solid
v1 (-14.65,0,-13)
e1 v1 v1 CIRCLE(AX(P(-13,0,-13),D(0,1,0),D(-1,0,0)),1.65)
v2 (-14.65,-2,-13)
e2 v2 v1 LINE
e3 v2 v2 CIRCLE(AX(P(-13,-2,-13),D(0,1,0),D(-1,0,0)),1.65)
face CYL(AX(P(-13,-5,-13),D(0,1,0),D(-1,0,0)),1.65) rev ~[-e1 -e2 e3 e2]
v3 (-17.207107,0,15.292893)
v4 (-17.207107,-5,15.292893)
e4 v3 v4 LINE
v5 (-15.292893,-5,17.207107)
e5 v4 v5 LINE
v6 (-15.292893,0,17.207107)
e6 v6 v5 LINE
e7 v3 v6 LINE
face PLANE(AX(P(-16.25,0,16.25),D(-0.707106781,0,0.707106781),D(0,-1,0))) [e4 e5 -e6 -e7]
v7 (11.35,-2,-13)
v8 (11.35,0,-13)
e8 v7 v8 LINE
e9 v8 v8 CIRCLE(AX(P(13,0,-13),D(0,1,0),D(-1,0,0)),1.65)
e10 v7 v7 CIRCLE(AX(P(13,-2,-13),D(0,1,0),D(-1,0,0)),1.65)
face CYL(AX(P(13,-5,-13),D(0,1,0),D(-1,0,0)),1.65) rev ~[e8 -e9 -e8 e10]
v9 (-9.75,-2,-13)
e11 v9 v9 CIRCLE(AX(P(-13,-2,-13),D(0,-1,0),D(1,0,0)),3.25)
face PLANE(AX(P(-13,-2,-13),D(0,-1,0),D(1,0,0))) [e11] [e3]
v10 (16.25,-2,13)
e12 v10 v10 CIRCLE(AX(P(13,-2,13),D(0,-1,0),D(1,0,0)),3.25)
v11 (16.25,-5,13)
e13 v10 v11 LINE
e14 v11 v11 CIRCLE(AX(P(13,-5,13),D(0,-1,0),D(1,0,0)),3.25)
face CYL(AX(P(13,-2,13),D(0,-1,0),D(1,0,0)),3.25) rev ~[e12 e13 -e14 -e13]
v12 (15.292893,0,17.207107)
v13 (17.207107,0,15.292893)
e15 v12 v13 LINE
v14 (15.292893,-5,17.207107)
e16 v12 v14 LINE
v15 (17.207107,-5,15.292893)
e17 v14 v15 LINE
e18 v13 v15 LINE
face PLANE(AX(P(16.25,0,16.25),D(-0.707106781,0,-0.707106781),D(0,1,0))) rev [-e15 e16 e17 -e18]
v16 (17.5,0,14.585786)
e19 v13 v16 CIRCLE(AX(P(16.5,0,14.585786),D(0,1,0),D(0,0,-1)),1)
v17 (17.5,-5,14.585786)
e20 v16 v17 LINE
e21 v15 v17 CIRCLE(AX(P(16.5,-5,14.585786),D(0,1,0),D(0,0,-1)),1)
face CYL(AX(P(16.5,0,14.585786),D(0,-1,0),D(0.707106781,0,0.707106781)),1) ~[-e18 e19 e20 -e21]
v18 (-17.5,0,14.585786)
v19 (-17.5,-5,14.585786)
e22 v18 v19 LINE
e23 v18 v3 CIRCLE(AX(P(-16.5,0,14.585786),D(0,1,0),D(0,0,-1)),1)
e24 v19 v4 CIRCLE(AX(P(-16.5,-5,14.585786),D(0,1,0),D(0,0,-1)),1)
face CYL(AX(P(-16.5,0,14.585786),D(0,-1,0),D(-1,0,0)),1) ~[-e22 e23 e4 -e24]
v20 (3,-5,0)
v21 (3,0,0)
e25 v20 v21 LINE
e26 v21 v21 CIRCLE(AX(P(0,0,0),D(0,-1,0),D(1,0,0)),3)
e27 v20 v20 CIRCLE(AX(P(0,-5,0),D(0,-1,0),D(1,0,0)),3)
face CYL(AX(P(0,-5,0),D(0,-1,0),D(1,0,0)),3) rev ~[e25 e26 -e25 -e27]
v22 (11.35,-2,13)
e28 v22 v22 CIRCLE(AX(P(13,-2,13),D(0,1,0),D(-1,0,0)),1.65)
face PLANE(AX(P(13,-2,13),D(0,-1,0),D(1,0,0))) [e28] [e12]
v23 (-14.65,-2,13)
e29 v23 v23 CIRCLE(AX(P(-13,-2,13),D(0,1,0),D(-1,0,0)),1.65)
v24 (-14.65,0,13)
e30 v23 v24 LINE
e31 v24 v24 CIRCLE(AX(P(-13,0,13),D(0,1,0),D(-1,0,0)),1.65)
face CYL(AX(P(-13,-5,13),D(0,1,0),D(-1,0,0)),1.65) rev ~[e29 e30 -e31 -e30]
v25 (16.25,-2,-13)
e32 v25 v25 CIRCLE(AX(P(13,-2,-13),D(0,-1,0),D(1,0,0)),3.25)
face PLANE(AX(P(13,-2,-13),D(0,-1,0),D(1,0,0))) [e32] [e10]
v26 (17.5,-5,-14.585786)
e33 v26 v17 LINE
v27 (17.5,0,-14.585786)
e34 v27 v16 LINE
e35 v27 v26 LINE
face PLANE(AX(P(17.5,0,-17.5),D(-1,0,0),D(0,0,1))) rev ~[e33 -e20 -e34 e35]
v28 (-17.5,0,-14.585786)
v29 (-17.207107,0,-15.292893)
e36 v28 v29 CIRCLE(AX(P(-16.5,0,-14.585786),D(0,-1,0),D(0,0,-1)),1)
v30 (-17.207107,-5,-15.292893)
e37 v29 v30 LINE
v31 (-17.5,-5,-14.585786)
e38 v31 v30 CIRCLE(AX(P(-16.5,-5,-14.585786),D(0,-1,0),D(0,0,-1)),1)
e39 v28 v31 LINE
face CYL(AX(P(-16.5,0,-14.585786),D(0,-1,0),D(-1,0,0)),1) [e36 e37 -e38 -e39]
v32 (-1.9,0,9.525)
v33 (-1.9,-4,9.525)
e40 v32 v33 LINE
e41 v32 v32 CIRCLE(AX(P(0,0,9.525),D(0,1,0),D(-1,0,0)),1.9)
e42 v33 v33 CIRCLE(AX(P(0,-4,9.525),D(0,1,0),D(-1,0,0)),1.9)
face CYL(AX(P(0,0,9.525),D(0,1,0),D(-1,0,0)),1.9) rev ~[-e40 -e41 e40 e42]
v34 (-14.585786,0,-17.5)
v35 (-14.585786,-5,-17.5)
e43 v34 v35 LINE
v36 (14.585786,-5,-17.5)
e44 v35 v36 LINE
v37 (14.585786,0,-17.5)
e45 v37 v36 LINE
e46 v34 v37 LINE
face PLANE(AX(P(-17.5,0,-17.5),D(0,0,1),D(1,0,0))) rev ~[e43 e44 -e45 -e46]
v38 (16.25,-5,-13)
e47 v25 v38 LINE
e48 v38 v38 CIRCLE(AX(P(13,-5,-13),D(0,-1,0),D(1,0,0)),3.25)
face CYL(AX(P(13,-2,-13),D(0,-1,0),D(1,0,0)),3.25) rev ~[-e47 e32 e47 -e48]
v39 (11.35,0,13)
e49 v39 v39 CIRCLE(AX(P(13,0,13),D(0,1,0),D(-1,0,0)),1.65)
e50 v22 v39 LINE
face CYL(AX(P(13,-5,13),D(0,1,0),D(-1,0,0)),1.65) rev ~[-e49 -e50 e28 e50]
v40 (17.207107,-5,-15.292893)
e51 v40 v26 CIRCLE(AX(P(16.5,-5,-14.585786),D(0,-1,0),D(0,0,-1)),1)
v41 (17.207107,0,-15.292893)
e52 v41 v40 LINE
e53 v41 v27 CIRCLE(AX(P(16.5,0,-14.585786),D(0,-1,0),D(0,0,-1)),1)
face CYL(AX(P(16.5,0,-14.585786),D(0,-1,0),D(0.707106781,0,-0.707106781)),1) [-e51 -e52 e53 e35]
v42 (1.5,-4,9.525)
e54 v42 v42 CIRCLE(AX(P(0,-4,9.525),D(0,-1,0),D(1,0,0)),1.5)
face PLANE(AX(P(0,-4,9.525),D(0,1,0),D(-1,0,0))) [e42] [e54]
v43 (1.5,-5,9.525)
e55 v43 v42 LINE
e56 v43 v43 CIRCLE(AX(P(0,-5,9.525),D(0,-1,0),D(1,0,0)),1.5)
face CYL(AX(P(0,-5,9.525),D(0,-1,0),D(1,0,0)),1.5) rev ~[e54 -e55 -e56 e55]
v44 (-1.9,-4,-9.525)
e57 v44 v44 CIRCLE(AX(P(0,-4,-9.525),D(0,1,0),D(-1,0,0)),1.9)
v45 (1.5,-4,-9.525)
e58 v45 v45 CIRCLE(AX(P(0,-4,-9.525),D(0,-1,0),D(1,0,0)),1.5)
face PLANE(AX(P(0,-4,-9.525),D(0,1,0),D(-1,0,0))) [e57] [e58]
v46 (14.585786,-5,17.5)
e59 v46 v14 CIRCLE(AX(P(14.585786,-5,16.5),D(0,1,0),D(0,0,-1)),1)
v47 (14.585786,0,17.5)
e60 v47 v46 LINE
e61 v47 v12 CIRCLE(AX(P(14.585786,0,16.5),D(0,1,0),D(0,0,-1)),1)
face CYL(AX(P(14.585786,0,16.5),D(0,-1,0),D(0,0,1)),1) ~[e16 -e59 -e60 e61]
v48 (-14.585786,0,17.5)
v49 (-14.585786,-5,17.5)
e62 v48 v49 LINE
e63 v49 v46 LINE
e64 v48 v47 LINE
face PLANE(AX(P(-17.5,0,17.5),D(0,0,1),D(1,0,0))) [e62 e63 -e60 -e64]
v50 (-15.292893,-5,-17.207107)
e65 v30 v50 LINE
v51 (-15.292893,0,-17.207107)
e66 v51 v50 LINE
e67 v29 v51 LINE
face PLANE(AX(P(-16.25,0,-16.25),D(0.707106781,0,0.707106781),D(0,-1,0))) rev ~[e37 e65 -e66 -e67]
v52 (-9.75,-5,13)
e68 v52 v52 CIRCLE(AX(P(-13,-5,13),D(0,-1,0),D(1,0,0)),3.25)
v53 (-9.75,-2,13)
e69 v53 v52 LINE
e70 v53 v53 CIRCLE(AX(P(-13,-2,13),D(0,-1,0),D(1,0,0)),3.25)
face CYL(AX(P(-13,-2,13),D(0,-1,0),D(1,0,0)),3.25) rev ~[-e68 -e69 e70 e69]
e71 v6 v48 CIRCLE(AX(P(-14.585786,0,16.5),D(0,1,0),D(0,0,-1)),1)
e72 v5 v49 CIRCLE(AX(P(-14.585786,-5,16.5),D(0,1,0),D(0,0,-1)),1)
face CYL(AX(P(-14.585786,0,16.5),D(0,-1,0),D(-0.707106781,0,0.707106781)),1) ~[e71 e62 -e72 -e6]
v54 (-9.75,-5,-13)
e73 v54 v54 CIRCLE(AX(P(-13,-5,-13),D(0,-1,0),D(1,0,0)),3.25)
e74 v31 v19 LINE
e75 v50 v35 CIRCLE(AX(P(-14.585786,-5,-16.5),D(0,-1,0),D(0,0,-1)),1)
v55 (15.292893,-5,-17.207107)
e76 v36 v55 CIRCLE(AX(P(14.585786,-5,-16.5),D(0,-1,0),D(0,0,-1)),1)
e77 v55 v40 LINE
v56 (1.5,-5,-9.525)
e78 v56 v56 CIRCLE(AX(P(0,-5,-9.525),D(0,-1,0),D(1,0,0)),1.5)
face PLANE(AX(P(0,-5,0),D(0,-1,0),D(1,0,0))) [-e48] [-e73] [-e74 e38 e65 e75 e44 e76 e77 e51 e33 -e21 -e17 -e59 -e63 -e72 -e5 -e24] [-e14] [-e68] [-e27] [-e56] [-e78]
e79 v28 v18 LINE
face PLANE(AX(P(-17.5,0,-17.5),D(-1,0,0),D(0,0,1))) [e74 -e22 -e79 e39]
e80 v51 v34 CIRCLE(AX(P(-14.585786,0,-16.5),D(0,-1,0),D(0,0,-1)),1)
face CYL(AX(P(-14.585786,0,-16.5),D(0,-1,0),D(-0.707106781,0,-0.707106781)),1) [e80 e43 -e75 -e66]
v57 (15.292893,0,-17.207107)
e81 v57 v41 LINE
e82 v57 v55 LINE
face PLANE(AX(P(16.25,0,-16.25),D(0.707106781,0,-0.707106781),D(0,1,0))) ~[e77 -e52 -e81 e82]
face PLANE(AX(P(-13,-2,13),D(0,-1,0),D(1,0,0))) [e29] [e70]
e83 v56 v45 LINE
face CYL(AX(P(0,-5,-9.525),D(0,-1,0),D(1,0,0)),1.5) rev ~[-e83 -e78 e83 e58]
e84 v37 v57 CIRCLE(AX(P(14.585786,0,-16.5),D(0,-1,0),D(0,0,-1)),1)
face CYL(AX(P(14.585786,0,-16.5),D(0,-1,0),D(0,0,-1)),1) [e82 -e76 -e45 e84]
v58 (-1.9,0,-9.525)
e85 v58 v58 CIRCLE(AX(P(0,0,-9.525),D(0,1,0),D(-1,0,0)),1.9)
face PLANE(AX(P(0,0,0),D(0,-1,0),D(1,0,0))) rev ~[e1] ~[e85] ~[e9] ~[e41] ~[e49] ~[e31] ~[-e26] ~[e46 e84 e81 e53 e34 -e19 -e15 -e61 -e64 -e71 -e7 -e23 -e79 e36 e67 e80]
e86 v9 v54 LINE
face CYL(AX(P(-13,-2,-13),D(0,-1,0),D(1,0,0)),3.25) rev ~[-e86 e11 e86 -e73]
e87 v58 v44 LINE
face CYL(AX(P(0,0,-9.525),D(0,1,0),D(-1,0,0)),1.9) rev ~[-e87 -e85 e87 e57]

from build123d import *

# Parameters (mm, degrees)
F0_W           = 35
F0_H           = 35
F1_DEPTH       = 5
F2_R           = 3
F3_DEPTH       = 5.001
F5_D           = 3.3
F5_CBORE_D     = 6.5
F5_CBORE_DEPTH = 3
F6_SIZE        = 2.5
F7_R           = 1
F8_R           = 1.5
F9_DEPTH       = 5.001
F10_R          = 1.9
F11_DEPTH      = 4


with BuildPart() as f1:
    # F0 (on Front) → F1 (new body)
    with BuildSketch(Plane.XZ):
        Rectangle(F0_W, F0_H)
    extrude(amount=F1_DEPTH)

    # F2 (on face) → F3 (cut, through all)
    with BuildSketch(Plane.XZ.offset(5)):
        Circle(F2_R)
    extrude(amount=-F3_DEPTH, mode=Mode.SUBTRACT)

    # F5 (through all)
    with Locations(Plane.XZ.offset(5)):
        with Locations((-13, 13), (13, 13), (13, -13), (-13, -13)):
            CounterBoreHole(F5_D / 2, F5_CBORE_D / 2, F5_CBORE_DEPTH)

    # F6
    f6_edges = [f1.edges().sort_by_distance(p)[0] for p in [
        (17.5, -2.5, 17.5),
        (-17.5, -2.5, 17.5),
        (17.5, -2.5, -17.5),
        (-17.5, -2.5, -17.5),
    ]]
    chamfer(f6_edges, length=F6_SIZE)

    # F7
    f7_edges = [f1.edges().sort_by_distance(p)[0] for p in [
        (15, -2.5, 17.5),
        (17.5, -2.5, 15),
        (17.5, -2.5, -15),
        (15, -2.5, -17.5),
        (-15, -2.5, -17.5),
        (-17.5, -2.5, -15),
        (-15, -2.5, 17.5),
        (-17.5, -2.5, 15),
    ]]
    fillet(f7_edges, radius=F7_R)

    # F8 (on face) → F9 (cut, through all)
    with BuildSketch(Plane.XZ.offset(5)):
        with Locations((0, 9.525)):
            Circle(F8_R)
        with Locations((0, -9.525)):
            Circle(F8_R)
    extrude(amount=-F9_DEPTH, mode=Mode.SUBTRACT)

    # F10 (on face) → F11 (cut)
    with BuildSketch(Plane(origin=(0, 0, 0), x_dir=(-1, 0, 0), z_dir=(0, 1, 0))):
        with Locations((0, -9.525)):
            Circle(F10_R)
        with Locations((0, 9.525)):
            Circle(F10_R)
    extrude(amount=-F11_DEPTH, mode=Mode.SUBTRACT)


solid = f1.part
